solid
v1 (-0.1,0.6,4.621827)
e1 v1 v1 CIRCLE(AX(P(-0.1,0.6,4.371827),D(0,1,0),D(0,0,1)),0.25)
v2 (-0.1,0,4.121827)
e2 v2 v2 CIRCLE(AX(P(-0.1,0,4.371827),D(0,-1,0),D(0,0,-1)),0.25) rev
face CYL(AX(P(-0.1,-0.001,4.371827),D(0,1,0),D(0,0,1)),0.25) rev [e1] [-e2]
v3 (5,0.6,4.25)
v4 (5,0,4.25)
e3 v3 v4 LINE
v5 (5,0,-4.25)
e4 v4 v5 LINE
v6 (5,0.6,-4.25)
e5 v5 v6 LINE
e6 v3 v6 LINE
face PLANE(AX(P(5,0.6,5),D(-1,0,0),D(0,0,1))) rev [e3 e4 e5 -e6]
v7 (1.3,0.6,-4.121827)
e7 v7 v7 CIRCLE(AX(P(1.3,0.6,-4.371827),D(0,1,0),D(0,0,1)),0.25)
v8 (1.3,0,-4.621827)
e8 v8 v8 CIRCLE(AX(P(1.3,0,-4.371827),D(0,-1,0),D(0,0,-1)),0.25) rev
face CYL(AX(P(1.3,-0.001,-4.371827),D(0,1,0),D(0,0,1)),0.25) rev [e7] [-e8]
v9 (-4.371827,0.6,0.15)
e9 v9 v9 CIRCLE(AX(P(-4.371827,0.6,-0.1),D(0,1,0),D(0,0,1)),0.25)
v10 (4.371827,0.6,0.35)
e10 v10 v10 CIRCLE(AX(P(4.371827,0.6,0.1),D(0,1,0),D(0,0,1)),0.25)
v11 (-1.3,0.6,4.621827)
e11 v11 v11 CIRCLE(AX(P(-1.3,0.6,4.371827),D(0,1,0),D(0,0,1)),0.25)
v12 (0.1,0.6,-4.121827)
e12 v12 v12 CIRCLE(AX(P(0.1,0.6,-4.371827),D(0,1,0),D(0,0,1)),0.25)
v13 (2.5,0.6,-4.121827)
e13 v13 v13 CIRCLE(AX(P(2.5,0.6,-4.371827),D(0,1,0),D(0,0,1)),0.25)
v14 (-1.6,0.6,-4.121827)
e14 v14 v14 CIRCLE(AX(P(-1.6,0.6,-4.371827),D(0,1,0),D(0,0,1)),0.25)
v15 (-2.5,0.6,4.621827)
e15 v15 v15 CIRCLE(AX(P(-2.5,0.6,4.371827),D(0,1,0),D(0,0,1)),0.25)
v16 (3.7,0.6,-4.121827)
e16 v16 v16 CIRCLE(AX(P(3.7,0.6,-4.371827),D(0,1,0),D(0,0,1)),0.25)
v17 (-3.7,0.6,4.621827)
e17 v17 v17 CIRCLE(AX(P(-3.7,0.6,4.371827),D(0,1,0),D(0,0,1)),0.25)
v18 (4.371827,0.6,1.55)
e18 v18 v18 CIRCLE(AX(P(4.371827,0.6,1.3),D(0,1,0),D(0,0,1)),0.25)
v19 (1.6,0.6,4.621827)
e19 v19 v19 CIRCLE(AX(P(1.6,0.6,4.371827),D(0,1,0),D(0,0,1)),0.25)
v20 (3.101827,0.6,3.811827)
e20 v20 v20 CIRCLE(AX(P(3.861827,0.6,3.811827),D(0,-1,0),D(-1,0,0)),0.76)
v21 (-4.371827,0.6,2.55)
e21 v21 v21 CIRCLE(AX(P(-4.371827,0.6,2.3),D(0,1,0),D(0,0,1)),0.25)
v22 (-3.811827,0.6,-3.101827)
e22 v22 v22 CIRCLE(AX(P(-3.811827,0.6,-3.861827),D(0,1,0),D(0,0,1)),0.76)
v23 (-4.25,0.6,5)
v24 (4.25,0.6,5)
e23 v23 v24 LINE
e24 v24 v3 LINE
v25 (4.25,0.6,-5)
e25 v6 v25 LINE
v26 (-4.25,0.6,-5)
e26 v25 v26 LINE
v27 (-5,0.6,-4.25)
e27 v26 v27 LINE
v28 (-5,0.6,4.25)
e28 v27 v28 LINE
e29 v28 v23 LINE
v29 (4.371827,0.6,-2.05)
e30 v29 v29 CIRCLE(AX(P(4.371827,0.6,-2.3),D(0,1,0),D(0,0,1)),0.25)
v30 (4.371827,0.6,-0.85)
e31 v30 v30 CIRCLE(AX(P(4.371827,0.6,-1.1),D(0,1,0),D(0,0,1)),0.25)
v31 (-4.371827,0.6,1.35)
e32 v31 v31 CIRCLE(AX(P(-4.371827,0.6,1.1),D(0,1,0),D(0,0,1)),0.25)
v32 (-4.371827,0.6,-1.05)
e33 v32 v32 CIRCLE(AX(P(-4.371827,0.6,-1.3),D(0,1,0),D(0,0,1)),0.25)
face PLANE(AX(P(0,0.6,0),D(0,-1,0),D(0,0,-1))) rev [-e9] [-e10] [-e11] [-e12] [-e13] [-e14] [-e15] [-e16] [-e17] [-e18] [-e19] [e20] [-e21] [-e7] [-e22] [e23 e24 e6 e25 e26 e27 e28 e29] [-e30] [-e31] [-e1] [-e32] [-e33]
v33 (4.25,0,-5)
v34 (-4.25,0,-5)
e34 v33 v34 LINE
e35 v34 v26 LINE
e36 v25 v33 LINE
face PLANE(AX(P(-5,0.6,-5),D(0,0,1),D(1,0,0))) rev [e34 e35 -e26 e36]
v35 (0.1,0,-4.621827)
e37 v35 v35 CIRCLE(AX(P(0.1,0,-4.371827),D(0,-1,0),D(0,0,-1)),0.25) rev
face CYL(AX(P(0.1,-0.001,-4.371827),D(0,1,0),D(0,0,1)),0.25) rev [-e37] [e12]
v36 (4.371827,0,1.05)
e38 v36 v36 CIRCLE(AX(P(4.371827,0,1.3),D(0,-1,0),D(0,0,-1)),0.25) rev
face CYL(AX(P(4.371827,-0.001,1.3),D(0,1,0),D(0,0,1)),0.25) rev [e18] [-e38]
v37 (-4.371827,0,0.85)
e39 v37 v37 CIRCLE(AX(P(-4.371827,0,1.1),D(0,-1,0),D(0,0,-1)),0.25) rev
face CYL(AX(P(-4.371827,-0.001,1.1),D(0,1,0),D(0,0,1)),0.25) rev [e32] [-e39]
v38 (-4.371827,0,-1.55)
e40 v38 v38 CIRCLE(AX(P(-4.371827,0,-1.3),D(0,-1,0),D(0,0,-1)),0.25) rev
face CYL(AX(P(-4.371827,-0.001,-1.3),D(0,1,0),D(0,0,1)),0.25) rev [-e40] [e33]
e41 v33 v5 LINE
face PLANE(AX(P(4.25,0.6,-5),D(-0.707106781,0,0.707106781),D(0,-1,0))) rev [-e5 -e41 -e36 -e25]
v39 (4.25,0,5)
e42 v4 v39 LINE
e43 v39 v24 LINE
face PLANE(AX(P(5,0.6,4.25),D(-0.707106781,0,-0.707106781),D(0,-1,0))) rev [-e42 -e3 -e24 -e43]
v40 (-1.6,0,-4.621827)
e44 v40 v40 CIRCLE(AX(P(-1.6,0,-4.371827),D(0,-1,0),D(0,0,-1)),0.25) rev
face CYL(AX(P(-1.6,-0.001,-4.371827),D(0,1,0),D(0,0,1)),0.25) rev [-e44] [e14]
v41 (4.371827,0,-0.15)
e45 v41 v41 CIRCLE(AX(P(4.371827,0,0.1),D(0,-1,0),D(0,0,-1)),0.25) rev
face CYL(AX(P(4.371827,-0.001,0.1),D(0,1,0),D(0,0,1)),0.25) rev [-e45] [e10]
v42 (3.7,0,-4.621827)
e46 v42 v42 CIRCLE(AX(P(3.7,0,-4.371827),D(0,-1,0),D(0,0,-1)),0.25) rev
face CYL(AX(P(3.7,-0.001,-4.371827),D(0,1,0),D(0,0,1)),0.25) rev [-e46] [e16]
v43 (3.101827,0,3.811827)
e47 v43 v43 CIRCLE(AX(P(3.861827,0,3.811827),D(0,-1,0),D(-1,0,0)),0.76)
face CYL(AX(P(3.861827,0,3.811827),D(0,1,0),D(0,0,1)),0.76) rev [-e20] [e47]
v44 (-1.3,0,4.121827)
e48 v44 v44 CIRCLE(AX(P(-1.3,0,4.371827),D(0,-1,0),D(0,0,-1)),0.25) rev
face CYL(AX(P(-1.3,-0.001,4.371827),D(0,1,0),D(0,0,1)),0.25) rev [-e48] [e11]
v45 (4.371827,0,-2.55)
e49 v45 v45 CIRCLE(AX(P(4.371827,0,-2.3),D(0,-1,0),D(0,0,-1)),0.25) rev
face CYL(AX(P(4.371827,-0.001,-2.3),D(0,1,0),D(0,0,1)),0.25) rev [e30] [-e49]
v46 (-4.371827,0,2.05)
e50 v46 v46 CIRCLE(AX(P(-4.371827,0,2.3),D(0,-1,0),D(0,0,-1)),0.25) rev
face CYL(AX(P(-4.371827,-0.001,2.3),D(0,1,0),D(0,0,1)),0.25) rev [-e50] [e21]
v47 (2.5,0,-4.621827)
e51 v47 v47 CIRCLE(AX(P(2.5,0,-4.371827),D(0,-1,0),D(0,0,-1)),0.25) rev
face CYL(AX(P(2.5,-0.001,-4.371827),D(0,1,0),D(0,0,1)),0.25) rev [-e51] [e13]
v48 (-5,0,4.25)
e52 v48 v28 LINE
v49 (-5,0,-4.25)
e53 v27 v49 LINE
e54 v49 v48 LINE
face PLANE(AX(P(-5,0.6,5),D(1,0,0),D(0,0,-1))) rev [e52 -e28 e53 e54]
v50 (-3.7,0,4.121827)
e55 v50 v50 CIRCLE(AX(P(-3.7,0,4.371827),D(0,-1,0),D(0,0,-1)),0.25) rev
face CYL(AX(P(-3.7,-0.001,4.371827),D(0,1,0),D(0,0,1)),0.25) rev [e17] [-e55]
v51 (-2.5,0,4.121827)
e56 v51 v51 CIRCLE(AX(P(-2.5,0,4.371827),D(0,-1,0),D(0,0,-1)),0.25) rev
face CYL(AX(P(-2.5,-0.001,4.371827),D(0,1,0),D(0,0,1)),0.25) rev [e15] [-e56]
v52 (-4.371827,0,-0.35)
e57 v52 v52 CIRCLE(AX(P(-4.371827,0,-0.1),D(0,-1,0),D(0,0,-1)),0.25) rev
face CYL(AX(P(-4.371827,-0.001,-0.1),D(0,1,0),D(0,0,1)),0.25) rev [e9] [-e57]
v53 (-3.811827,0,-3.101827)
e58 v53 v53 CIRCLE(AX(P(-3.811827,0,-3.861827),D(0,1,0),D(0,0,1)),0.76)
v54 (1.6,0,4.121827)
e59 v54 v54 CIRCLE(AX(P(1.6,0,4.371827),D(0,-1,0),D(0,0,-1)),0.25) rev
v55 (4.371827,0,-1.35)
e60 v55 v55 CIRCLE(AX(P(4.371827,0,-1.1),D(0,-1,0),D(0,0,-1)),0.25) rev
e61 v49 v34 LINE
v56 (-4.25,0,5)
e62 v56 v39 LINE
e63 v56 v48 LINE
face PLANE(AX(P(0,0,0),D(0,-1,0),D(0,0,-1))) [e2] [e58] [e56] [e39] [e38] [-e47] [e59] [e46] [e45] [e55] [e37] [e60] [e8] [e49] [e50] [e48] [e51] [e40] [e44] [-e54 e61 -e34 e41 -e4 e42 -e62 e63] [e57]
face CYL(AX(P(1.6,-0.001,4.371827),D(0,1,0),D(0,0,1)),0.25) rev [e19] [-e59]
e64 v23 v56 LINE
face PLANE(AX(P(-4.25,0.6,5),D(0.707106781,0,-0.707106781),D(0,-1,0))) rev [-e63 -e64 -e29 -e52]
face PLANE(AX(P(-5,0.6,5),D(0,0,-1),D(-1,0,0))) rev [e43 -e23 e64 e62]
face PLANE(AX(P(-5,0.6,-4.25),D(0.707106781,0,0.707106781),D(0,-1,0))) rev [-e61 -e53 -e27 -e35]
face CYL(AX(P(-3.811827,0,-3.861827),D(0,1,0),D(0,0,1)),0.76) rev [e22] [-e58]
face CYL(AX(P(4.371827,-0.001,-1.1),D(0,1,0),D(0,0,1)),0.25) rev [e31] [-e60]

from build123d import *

# Parameters (mm, degrees)
SKETCH1_W           = 10
SKETCH1_H           = 10
BOSS_EXTRUDE1_DEPTH = 0.6
CHAMFER1_SIZE       = 0.75
SKETCH2_R           = 0.76
CUT_EXTRUDE1_DEPTH  = 8.096478
SKETCH13_R          = 0.959787046
BOSS_EXTRUDE2_DEPTH = 0.6
CUT_EXTRUDE9_REACH  = 9.096
SKETCH14_R          = 0.25
LPATTERN5_COUNT     = 2
LPATTERN5_PITCH     = 1.2
LPATTERN5_COL_COUNT = 3
LPATTERN5_COL_PITCH = 1.2
CUT_EXTRUDE10_REACH = 9.096
SKETCH17_R          = 0.25
LPATTERN6_COUNT     = 2
LPATTERN6_PITCH     = 1.2
LPATTERN6_COL_COUNT = 3
LPATTERN6_COL_PITCH = 1.2
CUT_EXTRUDE11_REACH = 9.096
SKETCH18_R          = 0.25
LPATTERN7_COUNT     = 2
LPATTERN7_PITCH     = 1.2
LPATTERN7_COL_COUNT = 3
LPATTERN7_COL_PITCH = 1.2
CUT_EXTRUDE12_REACH = 9.096
SKETCH19_R          = 0.25
CUT_EXTRUDE13_REACH = 9.096
SKETCH20_R          = 0.25
CUT_EXTRUDE14_REACH = 9.096
SKETCH21_R          = 0.25
LPATTERN8_COUNT     = 2
LPATTERN8_PITCH     = 1.2
LPATTERN8_COL_COUNT = 3
LPATTERN8_COL_PITCH = 1.2


with BuildPart() as part:
    # Sketch1 → Boss-Extrude1 (new body)
    with BuildSketch(Plane(origin=(0, 0, 0), x_dir=(1, 0, 0), z_dir=(0, 1, 0))):
        Rectangle(SKETCH1_W, SKETCH1_H)
    extrude(amount=BOSS_EXTRUDE1_DEPTH)

    # Chamfer1
    chamfer1_edges = [part.edges().sort_by_distance(p)[0] for p in [
        (5, 0.3, 5),
        (-5, 0.3, 5),
        (-5, 0.3, -5),
        (5, 0.3, -5),
    ]]
    chamfer(chamfer1_edges, length=CHAMFER1_SIZE)

    # Sketch2 → Cut-Extrude1 (cut, through all)
    with BuildSketch(Plane(origin=(0, 0.6, 0), x_dir=(1, 0, 0), z_dir=(0, 1, 0))):
        with Locations(Location((-3.811827202, 3.861827202, 0), (0, 0, 270))):
            Circle(SKETCH2_R)
    cut_extrude1 = extrude(amount=-CUT_EXTRUDE1_DEPTH, mode=Mode.SUBTRACT)

    # Mirror2: Cut-Extrude1 across plane
    add(cut_extrude1.mirror(Plane(origin=(0, 0, 0), x_dir=(-0.7071067811865482, 0, 0.7071067811865468), z_dir=(-0.7071067811865468, 0, -0.7071067811865482))), mode=Mode.SUBTRACT)

    # Sketch13 → Boss-Extrude2 (add)
    with BuildSketch(Plane(origin=(0, 0.6, 0), x_dir=(1, 0, 0), z_dir=(0, 1, 0))):
        with Locations((3.861827202, -3.811827202)):
            Circle(SKETCH13_R)
    extrude(amount=-BOSS_EXTRUDE2_DEPTH)

    # Sketch14 → Cut-Extrude9 (cut, up to next)
    with BuildSketch(Plane(origin=(0, 0.6, 0), x_dir=(1, 0, 0), z_dir=(0, 1, 0)), mode=Mode.PRIVATE) as cut_extrude9_sk1:
        with Locations(Location((-4.3718272, 0.1, 0), (0, 0, 270))):
            Circle(SKETCH14_R)
    cut_extrude9_tool1 = extrude(cut_extrude9_sk1.sketch, amount=-CUT_EXTRUDE9_REACH, mode=Mode.PRIVATE) & part.part
    cut_extrude9 = cut_extrude9_tool1.solids().sort_by_distance((-4.371827, 0.6, -0.1))[0]
    add(cut_extrude9, mode=Mode.SUBTRACT)

    # LPattern5: Cut-Extrude9 ×2
    with Locations(*[(0, 0, -i * LPATTERN5_PITCH) for i in range(1, LPATTERN5_COUNT)]):
        add(cut_extrude9, mode=Mode.SUBTRACT)

    # LPattern5 col: Cut-Extrude9 ×3
    with Locations(*[(0, 0, i * LPATTERN5_COL_PITCH) for i in range(1, LPATTERN5_COL_COUNT)]):
        add(cut_extrude9, mode=Mode.SUBTRACT)

    # Mirror4: Cut-Extrude1 across plane
    add(cut_extrude1.mirror(Plane(origin=(0, 0, 0), x_dir=(-0.7071067811865482, 0, 0.7071067811865468), z_dir=(-0.7071067811865468, 0, -0.7071067811865482))), mode=Mode.SUBTRACT)

    # Sketch17 → Cut-Extrude10 (cut, up to next)
    with BuildSketch(Plane(origin=(0, 0.6, 0), x_dir=(1, 0, 0), z_dir=(0, 1, 0)), mode=Mode.PRIVATE) as cut_extrude10_sk1:
        with Locations(Location((-2.5, -4.3718272, 0), (0, 0, 270))):
            Circle(SKETCH17_R)
    cut_extrude10_tool1 = extrude(cut_extrude10_sk1.sketch, amount=-CUT_EXTRUDE10_REACH, mode=Mode.PRIVATE) & part.part
    cut_extrude10 = cut_extrude10_tool1.solids().sort_by_distance((-2.5, 0.6, 4.371827))[0]
    add(cut_extrude10, mode=Mode.SUBTRACT)

    # LPattern6: Cut-Extrude10 ×2
    with Locations(*[(-i * LPATTERN6_PITCH, 0, 0) for i in range(1, LPATTERN6_COUNT)]):
        add(cut_extrude10, mode=Mode.SUBTRACT)

    # LPattern6 col: Cut-Extrude10 ×3
    with Locations(*[(i * LPATTERN6_COL_PITCH, 0, 0) for i in range(1, LPATTERN6_COL_COUNT)]):
        add(cut_extrude10, mode=Mode.SUBTRACT)

    # Sketch18 → Cut-Extrude11 (cut, up to next)
    with BuildSketch(Plane(origin=(0, 0.6, 0), x_dir=(1, 0, 0), z_dir=(0, 1, 0)), mode=Mode.PRIVATE) as cut_extrude11_sk1:
        with Locations(Location((2.5, 4.3718272, 0), (0, 0, 270))):
            Circle(SKETCH18_R)
    cut_extrude11_tool1 = extrude(cut_extrude11_sk1.sketch, amount=-CUT_EXTRUDE11_REACH, mode=Mode.PRIVATE) & part.part
    cut_extrude11 = cut_extrude11_tool1.solids().sort_by_distance((2.5, 0.6, -4.371827))[0]
    add(cut_extrude11, mode=Mode.SUBTRACT)

    # LPattern7: Cut-Extrude11 ×2
    with Locations(*[(i * LPATTERN7_PITCH, 0, 0) for i in range(1, LPATTERN7_COUNT)]):
        add(cut_extrude11, mode=Mode.SUBTRACT)

    # LPattern7 col: Cut-Extrude11 ×3
    with Locations(*[(-i * LPATTERN7_COL_PITCH, 0, 0) for i in range(1, LPATTERN7_COL_COUNT)]):
        add(cut_extrude11, mode=Mode.SUBTRACT)

    # Sketch19 → Cut-Extrude12 (cut, up to next)
    with BuildSketch(Plane(origin=(0, 0.6, 0), x_dir=(1, 0, 0), z_dir=(0, 1, 0)), mode=Mode.PRIVATE) as cut_extrude12_sk1:
        with Locations(Location((1.6, -4.3718272, 0), (0, 0, 270))):
            Circle(SKETCH19_R)
    cut_extrude12_tool1 = extrude(cut_extrude12_sk1.sketch, amount=-CUT_EXTRUDE12_REACH, mode=Mode.PRIVATE) & part.part
    add(cut_extrude12_tool1.solids().sort_by_distance((1.6, 0.6, 4.371827))[0], mode=Mode.SUBTRACT)

    # Sketch20 → Cut-Extrude13 (cut, up to next)
    with BuildSketch(Plane(origin=(0, 0.6, 0), x_dir=(1, 0, 0), z_dir=(0, 1, 0)), mode=Mode.PRIVATE) as cut_extrude13_sk1:
        with Locations(Location((-1.6, 4.3718272, 0), (0, 0, 270))):
            Circle(SKETCH20_R)
    cut_extrude13_tool1 = extrude(cut_extrude13_sk1.sketch, amount=-CUT_EXTRUDE13_REACH, mode=Mode.PRIVATE) & part.part
    add(cut_extrude13_tool1.solids().sort_by_distance((-1.6, 0.6, -4.371827))[0], mode=Mode.SUBTRACT)

    # Sketch21 → Cut-Extrude14 (cut, up to next)
    with BuildSketch(Plane(origin=(0, 0.6, 0), x_dir=(1, 0, 0), z_dir=(0, 1, 0)), mode=Mode.PRIVATE) as cut_extrude14_sk1:
        with Locations(Location((4.3718272, -0.1, 0), (0, 0, 270))):
            Circle(SKETCH21_R)
    cut_extrude14_tool1 = extrude(cut_extrude14_sk1.sketch, amount=-CUT_EXTRUDE14_REACH, mode=Mode.PRIVATE) & part.part
    cut_extrude14 = cut_extrude14_tool1.solids().sort_by_distance((4.371827, 0.6, 0.1))[0]
    add(cut_extrude14, mode=Mode.SUBTRACT)

    # LPattern8: Cut-Extrude14 ×2
    with Locations(*[(0, 0, i * LPATTERN8_PITCH) for i in range(1, LPATTERN8_COUNT)]):
        add(cut_extrude14, mode=Mode.SUBTRACT)

    # LPattern8 col: Cut-Extrude14 ×3
    with Locations(*[(0, 0, -i * LPATTERN8_COL_PITCH) for i in range(1, LPATTERN8_COL_COUNT)]):
        add(cut_extrude14, mode=Mode.SUBTRACT)


solid = part.part
